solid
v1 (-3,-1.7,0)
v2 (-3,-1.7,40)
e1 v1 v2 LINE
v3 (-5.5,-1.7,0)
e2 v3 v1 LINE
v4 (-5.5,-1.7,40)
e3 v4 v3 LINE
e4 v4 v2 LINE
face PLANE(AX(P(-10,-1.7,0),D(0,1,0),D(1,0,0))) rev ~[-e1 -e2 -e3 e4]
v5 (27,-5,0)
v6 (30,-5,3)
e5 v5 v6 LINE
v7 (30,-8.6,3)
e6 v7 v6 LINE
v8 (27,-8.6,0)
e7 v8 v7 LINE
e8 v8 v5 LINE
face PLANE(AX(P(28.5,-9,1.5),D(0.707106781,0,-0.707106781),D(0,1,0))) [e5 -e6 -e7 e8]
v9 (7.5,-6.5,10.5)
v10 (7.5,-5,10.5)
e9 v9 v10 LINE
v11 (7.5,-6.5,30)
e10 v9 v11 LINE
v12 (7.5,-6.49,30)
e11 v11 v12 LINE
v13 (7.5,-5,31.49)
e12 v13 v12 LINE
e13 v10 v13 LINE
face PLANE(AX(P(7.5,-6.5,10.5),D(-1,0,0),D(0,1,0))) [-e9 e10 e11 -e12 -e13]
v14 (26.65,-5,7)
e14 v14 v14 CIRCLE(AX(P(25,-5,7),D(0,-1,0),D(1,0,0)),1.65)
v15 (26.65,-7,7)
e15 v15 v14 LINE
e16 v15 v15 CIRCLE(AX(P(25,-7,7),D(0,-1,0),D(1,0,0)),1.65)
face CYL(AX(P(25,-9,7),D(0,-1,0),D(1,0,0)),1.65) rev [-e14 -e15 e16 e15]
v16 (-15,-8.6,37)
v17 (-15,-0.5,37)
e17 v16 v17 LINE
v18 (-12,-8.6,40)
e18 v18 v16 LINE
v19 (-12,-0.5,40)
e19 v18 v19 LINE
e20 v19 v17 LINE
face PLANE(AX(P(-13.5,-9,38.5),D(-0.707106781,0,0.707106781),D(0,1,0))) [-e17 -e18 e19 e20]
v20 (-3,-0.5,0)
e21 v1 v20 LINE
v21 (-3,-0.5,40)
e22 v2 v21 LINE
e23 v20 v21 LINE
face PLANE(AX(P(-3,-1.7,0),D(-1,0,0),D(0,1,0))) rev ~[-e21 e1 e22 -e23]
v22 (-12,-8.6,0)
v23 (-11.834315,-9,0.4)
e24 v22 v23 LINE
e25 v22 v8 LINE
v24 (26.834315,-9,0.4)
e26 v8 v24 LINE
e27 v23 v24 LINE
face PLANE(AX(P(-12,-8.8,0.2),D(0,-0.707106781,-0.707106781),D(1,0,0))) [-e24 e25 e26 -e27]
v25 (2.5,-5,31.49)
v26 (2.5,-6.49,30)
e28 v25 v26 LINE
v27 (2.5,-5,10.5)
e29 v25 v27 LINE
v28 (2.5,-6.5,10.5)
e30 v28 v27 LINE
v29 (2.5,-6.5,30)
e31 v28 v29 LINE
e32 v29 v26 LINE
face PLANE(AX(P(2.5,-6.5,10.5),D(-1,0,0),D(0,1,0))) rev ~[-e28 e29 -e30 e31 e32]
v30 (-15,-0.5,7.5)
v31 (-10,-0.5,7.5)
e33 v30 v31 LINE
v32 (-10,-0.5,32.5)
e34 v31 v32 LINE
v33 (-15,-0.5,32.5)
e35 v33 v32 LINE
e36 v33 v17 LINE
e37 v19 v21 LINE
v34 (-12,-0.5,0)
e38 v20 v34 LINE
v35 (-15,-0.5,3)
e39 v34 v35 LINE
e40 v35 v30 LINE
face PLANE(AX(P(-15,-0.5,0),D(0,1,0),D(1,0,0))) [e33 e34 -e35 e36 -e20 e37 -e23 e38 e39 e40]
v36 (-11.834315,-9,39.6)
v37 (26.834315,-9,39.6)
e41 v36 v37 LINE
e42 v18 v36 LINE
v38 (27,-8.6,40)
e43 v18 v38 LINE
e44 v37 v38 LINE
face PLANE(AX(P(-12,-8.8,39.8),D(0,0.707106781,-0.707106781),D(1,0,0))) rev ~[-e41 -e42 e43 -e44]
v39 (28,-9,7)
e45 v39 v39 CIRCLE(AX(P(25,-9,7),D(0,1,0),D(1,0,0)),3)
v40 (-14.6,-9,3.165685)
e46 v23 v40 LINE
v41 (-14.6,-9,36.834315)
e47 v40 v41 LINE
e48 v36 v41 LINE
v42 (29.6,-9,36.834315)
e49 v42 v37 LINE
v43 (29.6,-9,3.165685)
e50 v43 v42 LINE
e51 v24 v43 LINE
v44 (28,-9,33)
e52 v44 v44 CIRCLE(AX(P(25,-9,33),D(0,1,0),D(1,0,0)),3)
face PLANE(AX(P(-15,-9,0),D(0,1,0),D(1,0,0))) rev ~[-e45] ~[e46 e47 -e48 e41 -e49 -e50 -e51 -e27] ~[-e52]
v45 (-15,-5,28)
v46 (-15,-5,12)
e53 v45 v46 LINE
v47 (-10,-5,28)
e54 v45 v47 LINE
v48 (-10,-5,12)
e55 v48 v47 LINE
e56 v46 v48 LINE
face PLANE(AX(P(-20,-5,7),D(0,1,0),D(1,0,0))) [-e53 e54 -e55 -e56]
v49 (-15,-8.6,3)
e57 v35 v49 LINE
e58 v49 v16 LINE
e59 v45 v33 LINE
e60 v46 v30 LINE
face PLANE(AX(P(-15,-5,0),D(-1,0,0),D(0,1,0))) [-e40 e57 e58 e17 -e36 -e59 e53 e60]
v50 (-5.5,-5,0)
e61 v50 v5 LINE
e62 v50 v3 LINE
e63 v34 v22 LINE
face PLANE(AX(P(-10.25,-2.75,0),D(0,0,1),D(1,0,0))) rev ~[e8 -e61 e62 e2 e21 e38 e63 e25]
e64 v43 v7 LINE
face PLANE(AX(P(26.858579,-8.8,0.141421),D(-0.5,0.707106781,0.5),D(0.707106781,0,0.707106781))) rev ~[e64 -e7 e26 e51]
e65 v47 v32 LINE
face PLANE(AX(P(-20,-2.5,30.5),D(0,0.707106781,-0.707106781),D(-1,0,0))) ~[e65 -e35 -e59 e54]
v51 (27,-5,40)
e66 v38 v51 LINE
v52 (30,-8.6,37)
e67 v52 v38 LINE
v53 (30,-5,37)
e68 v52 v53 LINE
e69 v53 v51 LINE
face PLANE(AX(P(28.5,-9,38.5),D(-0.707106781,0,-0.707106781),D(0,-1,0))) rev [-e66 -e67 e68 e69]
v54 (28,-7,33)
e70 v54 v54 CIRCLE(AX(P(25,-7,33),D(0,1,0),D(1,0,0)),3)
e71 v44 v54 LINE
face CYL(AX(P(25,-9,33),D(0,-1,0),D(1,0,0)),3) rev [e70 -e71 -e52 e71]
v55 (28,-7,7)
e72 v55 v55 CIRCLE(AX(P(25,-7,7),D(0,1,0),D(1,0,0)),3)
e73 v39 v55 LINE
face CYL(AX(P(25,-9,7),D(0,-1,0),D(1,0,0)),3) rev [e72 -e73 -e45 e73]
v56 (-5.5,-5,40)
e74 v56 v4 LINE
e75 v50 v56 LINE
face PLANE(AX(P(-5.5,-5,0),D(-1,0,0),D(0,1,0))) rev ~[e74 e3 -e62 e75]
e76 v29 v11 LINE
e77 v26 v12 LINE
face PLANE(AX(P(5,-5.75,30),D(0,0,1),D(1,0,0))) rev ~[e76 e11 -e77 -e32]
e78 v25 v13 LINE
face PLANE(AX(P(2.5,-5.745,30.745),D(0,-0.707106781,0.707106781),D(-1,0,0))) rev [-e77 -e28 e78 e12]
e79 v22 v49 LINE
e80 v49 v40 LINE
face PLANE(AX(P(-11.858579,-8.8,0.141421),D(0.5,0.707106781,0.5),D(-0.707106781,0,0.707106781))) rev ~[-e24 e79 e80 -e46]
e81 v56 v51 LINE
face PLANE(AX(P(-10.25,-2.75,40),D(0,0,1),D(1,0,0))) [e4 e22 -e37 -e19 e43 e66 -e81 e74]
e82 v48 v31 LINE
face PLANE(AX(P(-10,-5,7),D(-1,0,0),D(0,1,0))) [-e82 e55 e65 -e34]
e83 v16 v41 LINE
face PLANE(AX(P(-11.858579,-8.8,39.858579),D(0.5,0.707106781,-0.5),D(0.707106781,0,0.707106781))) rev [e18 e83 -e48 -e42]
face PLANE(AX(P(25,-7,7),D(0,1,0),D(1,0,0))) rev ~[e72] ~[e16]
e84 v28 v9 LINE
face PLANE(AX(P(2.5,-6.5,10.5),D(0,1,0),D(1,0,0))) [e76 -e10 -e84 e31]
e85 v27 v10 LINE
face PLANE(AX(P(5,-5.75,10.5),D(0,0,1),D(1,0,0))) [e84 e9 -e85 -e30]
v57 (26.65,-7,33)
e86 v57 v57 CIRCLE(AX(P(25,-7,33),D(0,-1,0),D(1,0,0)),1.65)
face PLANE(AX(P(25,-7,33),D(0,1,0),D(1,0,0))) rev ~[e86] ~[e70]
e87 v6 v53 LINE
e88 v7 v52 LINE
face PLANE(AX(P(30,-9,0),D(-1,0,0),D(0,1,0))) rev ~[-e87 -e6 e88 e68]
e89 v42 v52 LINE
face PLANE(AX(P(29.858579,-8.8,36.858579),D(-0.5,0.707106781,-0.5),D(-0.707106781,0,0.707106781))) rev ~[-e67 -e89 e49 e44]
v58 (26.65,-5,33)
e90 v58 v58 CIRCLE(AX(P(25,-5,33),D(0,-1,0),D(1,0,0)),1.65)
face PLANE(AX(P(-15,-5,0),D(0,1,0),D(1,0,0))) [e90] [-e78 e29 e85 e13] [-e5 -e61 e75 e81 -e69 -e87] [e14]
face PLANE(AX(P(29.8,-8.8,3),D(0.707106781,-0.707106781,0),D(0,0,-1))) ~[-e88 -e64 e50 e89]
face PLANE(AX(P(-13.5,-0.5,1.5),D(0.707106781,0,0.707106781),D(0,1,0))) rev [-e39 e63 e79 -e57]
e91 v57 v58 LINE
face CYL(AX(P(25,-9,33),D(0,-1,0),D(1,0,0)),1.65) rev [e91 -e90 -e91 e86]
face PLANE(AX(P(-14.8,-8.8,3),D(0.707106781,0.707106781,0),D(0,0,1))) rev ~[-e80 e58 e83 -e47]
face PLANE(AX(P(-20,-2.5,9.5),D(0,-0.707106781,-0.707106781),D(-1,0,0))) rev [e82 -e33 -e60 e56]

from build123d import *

# Parameters (mm, degrees)
BOX024_W          = 10
BOX024_H          = 10
BOX024_DEPTH      = 26
CHAMFER026_SIZE   = 5
CYLINDER021_R     = 3
CYLINDER021_DEPTH = 2
CYLINDER020_R     = 3
CYLINDER020_DEPTH = 2
CYLINDER018_R     = 1.65
CYLINDER018_DEPTH = 10
CYLINDER019_R     = 1.65
CYLINDER019_DEPTH = 10
BOX020_W          = 9.5
BOX020_H          = 4.5
BOX020_DEPTH      = 40
BOX021_W          = 7
BOX021_H          = 1.2
BOX021_DEPTH      = 40
BOX_W             = 5
BOX_H             = 1.5
BOX_DEPTH         = 19.5
BOX019_W          = 45
BOX019_H          = 4
BOX019_DEPTH      = 40
CHAMFER019_SIZE   = 1.49
CHAMFER020_SIZE   = 3
CHAMFER025_SIZE   = 3
CHAMFER027_SIZE   = 0.4


with BuildPart() as chamfer026:
    # Box024 → Box024 (new body)
    with BuildSketch(Plane(origin=(-20, -5, 7), x_dir=(1, 0, 0), z_dir=(0, 0, 1))):
        with Locations((5, 5)):
            Rectangle(BOX024_W, BOX024_H)
    extrude(amount=BOX024_DEPTH)

    # Chamfer026
    chamfer026_edges = [chamfer026.edges().sort_by_distance(p)[0] for p in [
        (-15, -5, 7),
        (-15, -5, 33),
    ]]
    chamfer(chamfer026_edges, length=CHAMFER026_SIZE)


with BuildPart() as cylinder021:
    # Cylinder021 → Cylinder021 (new body)
    with BuildSketch(Plane(origin=(25, -9, 7), x_dir=(1, 0, 0), z_dir=(0, 1, 0))):
        Circle(CYLINDER021_R)
    extrude(amount=CYLINDER021_DEPTH)


with BuildPart() as fusion001026:
    # Cylinder020 → Cylinder020 (new body)
    with BuildSketch(Plane(origin=(25, -9, 33), x_dir=(1, 0, 0), z_dir=(0, 1, 0))):
        Circle(CYLINDER020_R)
    extrude(amount=CYLINDER020_DEPTH)

    # Fusion001026: union Cylinder021
    add(cylinder021.part)


with BuildPart() as cylinder018:
    # Cylinder018 → Cylinder018 (new body)
    with BuildSketch(Plane(origin=(25, -9, 7), x_dir=(1, 0, 0), z_dir=(0, 1, 0))):
        Circle(CYLINDER018_R)
    extrude(amount=CYLINDER018_DEPTH)


with BuildPart() as fusion001024:
    # Cylinder019 → Cylinder019 (new body)
    with BuildSketch(Plane(origin=(25, -9, 33), x_dir=(1, 0, 0), z_dir=(0, 1, 0))):
        Circle(CYLINDER019_R)
    extrude(amount=CYLINDER019_DEPTH)

    # Fusion001024: union Cylinder018
    add(cylinder018.part)


with BuildPart() as cube019:
    # Box020 → Box020 (new body)
    with BuildSketch(Plane(origin=(-15, -5, 0), x_dir=(1, 0, 0), z_dir=(0, 0, 1))):
        with Locations((4.75, 2.25)):
            Rectangle(BOX020_W, BOX020_H)
    extrude(amount=BOX020_DEPTH)


with BuildPart() as cube020:
    # Box021 → Box021 (new body)
    with BuildSketch(Plane(origin=(-10, -1.7, 0), x_dir=(1, 0, 0), z_dir=(0, 0, 1))):
        with Locations((3.5, 0.6)):
            Rectangle(BOX021_W, BOX021_H)
    extrude(amount=BOX021_DEPTH)


with BuildPart() as cube:
    # Box → Box (new body)
    with BuildSketch(Plane(origin=(2.5, -6.5, 10.5), x_dir=(1, 0, 0), z_dir=(0, 0, 1))):
        with Locations((2.5, 0.75)):
            Rectangle(BOX_W, BOX_H)
    extrude(amount=BOX_DEPTH)


with BuildPart() as chamfer027:
    # Box019 → Box019 (new body)
    with BuildSketch(Plane(origin=(-15, -9, 0), x_dir=(1, 0, 0), z_dir=(0, 0, 1))):
        with Locations((22.5, 2)):
            Rectangle(BOX019_W, BOX019_H)
    extrude(amount=BOX019_DEPTH)

    # Cut001005004006024008: cut Cube
    add(cube.part, mode=Mode.SUBTRACT)

    # Chamfer019
    chamfer019_edges = [chamfer027.edges().sort_by_distance(p)[0] for p in [
        (5, -5, 30),
    ]]
    chamfer(chamfer019_edges, length=CHAMFER019_SIZE)

    # Chamfer020
    chamfer020_edges = [chamfer027.edges().sort_by_distance(p)[0] for p in [
        (30, -7, 0),
        (30, -7, 40),
    ]]
    chamfer(chamfer020_edges, length=CHAMFER020_SIZE)

    # Fusion001025: union Cube019, Cube020
    add(cube019.part)
    add(cube020.part)

    # Chamfer025
    chamfer025_edges = [chamfer027.edges().sort_by_distance(p)[0] for p in [
        (-15, -2.75, 40),
        (-15, -2.75, 0),
        (-15, -7, 40),
        (-15, -7, 0),
    ]]
    chamfer(chamfer025_edges, length=CHAMFER025_SIZE)

    # Cut001005004006024012002: cut Fusion001024
    add(fusion001024.part, mode=Mode.SUBTRACT)

    # Cut001005004006024012003: cut Fusion001026
    add(fusion001026.part, mode=Mode.SUBTRACT)

    # Cut001005004006024012004: cut Chamfer026
    add(chamfer026.part, mode=Mode.SUBTRACT)

    # Chamfer027
    chamfer027_edges = [chamfer027.edges().sort_by_distance(p)[0] for p in [
        (-15, -9, 20),
        (7.5, -9, 0),
        (-13.5, -9, 1.5),
        (28.5, -9, 1.5),
        (30, -9, 20),
        (-13.5, -9, 38.5),
        (28.5, -9, 38.5),
        (7.5, -9, 40),
    ]]
    chamfer(chamfer027_edges, length=CHAMFER027_SIZE)


solid = chamfer027.part
